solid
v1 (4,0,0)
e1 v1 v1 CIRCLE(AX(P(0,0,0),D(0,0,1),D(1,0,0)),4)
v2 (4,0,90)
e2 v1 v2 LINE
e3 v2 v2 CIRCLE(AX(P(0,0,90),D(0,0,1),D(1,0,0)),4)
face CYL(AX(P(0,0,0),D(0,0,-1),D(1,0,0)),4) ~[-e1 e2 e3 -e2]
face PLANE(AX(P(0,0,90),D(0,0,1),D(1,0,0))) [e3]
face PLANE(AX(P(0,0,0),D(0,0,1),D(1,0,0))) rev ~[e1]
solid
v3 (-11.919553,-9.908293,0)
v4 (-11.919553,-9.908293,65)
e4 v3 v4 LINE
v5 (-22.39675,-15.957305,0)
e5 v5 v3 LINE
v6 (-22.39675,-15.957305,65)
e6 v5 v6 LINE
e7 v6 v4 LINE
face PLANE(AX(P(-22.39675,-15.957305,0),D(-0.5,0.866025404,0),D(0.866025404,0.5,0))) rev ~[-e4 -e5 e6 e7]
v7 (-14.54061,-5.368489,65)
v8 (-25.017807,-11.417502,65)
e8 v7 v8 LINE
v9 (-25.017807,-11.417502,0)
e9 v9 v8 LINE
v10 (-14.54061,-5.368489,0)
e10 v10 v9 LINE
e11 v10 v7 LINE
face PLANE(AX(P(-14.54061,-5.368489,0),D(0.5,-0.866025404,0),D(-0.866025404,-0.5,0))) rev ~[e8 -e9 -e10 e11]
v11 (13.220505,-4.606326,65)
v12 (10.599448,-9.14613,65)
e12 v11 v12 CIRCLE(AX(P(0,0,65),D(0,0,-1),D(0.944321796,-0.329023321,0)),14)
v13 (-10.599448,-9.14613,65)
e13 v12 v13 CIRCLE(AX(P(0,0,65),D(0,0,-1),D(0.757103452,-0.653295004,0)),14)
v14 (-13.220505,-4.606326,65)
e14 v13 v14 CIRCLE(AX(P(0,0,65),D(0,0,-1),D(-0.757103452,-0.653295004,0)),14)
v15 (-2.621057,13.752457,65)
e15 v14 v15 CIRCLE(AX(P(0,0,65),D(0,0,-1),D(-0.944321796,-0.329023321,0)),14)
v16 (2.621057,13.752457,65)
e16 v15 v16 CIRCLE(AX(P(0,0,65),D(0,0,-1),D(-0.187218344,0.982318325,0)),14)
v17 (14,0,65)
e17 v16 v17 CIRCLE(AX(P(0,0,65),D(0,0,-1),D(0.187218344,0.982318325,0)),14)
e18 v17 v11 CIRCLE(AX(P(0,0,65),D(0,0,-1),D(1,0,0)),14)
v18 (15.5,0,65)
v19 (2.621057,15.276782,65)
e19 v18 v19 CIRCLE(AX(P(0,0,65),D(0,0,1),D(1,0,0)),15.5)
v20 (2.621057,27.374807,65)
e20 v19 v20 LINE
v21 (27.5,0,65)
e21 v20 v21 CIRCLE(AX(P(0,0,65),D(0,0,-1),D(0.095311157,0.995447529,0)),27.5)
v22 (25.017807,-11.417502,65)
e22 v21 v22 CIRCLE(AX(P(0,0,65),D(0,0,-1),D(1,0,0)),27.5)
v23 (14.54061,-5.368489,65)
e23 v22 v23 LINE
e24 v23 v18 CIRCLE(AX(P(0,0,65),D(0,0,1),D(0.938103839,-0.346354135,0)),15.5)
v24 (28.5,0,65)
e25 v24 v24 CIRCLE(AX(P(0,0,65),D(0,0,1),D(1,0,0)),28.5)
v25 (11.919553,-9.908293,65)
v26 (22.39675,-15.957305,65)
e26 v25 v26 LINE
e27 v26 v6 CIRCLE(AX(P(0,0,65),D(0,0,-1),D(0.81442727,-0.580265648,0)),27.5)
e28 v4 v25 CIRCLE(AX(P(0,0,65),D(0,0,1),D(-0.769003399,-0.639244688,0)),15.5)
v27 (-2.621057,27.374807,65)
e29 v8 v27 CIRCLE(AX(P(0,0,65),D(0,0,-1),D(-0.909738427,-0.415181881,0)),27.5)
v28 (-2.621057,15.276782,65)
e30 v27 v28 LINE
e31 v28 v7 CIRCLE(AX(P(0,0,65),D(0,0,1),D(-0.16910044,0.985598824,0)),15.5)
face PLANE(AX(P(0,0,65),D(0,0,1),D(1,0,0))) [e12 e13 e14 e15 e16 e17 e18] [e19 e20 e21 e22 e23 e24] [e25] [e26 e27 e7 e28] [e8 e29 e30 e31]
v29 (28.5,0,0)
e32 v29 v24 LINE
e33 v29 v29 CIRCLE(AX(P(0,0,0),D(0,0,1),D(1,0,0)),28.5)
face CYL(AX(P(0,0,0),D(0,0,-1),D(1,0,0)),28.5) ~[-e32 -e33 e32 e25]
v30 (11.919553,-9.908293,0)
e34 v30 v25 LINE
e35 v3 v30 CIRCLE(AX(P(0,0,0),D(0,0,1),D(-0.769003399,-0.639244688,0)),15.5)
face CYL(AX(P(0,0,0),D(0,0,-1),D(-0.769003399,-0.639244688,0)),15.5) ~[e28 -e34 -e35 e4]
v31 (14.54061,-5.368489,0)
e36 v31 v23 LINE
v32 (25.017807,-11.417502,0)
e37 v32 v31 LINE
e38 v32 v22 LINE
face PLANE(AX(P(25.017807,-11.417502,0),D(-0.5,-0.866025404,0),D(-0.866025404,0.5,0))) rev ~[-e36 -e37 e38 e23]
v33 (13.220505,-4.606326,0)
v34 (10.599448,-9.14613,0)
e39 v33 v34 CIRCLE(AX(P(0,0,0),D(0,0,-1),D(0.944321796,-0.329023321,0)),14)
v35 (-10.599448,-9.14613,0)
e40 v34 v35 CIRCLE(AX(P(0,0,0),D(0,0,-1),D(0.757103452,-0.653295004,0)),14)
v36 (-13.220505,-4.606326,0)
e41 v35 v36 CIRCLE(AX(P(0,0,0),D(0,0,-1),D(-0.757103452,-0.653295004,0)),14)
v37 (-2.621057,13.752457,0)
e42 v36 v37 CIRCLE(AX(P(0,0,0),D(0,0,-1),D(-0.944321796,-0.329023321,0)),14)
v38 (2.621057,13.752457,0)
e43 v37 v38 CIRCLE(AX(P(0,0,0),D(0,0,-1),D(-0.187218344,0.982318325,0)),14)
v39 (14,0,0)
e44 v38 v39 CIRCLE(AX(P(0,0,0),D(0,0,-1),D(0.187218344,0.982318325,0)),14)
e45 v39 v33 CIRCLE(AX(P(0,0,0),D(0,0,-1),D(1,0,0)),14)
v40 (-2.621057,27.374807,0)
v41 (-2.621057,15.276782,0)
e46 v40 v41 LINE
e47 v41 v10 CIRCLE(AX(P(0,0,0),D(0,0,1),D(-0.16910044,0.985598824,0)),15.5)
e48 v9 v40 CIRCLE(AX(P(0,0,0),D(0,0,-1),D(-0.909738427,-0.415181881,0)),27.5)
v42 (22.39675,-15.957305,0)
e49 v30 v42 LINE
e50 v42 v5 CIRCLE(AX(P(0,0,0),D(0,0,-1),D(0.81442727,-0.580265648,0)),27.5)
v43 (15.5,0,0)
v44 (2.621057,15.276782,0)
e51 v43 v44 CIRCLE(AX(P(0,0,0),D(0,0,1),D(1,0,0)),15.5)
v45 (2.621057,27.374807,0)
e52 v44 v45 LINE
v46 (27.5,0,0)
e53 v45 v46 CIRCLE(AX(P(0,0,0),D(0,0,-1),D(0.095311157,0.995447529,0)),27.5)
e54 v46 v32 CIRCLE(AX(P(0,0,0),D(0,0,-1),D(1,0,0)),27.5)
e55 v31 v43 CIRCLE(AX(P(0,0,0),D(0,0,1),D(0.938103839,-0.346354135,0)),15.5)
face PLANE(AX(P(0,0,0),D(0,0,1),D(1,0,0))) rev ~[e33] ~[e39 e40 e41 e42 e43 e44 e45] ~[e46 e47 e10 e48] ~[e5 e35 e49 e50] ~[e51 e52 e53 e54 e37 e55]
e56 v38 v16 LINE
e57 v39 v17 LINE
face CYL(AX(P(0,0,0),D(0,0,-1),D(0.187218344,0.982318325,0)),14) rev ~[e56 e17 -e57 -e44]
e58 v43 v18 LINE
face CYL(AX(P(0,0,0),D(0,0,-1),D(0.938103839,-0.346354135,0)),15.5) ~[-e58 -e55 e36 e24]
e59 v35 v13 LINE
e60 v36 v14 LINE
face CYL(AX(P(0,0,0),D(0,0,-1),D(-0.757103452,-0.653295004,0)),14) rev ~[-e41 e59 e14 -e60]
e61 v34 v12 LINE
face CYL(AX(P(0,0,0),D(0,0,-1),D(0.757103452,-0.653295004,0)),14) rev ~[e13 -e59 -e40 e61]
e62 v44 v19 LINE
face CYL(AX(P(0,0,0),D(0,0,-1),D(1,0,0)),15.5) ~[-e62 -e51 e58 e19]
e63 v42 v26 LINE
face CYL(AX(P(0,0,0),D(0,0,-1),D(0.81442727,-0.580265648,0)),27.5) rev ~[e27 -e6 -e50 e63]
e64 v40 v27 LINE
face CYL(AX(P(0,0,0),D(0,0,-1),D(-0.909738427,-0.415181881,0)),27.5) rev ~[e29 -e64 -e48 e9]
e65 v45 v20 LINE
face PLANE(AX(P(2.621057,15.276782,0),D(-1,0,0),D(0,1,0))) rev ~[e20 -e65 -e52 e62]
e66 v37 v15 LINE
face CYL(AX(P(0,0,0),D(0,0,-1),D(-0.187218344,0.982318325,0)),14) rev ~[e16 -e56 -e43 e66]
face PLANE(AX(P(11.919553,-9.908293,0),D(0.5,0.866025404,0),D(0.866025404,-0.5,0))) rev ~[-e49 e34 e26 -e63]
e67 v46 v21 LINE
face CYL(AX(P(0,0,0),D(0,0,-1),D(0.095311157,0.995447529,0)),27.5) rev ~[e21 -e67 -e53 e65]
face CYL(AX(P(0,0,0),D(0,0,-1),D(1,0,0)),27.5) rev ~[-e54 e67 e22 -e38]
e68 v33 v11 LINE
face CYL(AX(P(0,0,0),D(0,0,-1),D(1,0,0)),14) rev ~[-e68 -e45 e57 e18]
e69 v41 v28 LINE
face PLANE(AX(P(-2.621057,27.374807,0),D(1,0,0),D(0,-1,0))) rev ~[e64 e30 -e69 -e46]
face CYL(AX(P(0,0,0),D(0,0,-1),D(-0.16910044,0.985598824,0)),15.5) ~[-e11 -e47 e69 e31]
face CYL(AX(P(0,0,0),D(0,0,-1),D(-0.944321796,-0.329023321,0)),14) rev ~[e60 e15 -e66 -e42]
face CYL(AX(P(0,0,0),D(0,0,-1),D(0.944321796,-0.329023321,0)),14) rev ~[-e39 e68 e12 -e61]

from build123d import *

# Parameters (mm, degrees)
F0_R     = 28.5
F1_DEPTH = 65
F0_R_2   = 4
F2_DEPTH = 90


with BuildPart() as f1:
    # F0 (on Top) → F1 (new body)
    with BuildSketch(Plane.XY):
        Circle(F0_R)
        with BuildLine():
            ThreePointArc((2.6210568156, 27.3748070526), (20.3510326818, 18.4955526759), (27.5, 0))
            ThreePointArc((27.5, 0), (26.8722876336, -5.8421021334), (25.0178067391, -11.4175017392))
            ThreePointArc((25.0178067391, -11.4175017392), (23.8156986041, -13.75), (22.3967499235, -15.9573053134))
            ThreePointArc((22.3967499235, -15.9573053134), (0, -27.5), (-22.3967499235, -15.9573053134))
            ThreePointArc((-22.3967499235, -15.9573053134), (-23.8156986041, -13.75), (-25.0178067391, -11.4175017392))
            ThreePointArc((-25.0178067391, -11.4175017392), (-23.8156986041, 13.75), (-2.6210568156, 27.3748070526))
            ThreePointArc((-2.6210568156, 27.3748070526), (0, 27.5), (2.6210568156, 27.3748070526))
        make_face(mode=Mode.SUBTRACT)
        with BuildLine():
            Line((2.6210568156, 15.2767817674), (2.6210568156, 27.3748070526))
            ThreePointArc((2.6210568156, 27.3748070526), (0, 27.5), (-2.6210568156, 27.3748070526))
            Line((-2.6210568156, 27.3748070526), (-2.6210568156, 15.2767817674))
            ThreePointArc((-2.6210568156, 15.2767817674), (0, 15.5), (2.6210568156, 15.2767817674))
        make_face()
        with BuildLine():
            Line((-14.5406095065, -5.3684890966), (-25.0178067391, -11.4175017392))
            ThreePointArc((-25.0178067391, -11.4175017392), (-23.8156986041, -13.75), (-22.3967499235, -15.9573053134))
            Line((-22.3967499235, -15.9573053134), (-11.9195526908, -9.9082926708))
            ThreePointArc((-11.9195526908, -9.9082926708), (-13.4233937587, -7.75), (-14.5406095065, -5.3684890966))
        make_face()
        with BuildLine():
            ThreePointArc((22.3967499235, -15.9573053134), (23.8156986041, -13.75), (25.0178067391, -11.4175017392))
            Line((25.0178067391, -11.4175017392), (14.5406095065, -5.3684890966))
            ThreePointArc((14.5406095065, -5.3684890966), (13.4233937587, -7.75), (11.9195526908, -9.9082926708))
            Line((11.9195526908, -9.9082926708), (22.3967499235, -15.9573053134))
        make_face()
        with BuildLine():
            Line((-2.6210568156, 13.7524565504), (-2.6210568156, 15.2767817674))
            ThreePointArc((-2.6210568156, 15.2767817674), (-13.4233937587, 7.75), (-14.5406095065, -5.3684890966))
            Line((-14.5406095065, -5.3684890966), (-13.2205051449, -4.6063264881))
            ThreePointArc((-13.2205051449, -4.6063264881), (-12.124355653, 7), (-2.6210568156, 13.7524565504))
        make_face()
        with BuildLine():
            ThreePointArc((15.5, 0), (11.8506620204, 9.9905860528), (2.6210568156, 15.2767817674))
            Line((2.6210568156, 15.2767817674), (2.6210568156, 13.7524565504))
            ThreePointArc((2.6210568156, 13.7524565504), (10.7864450914, 8.9248306589), (14, 0))
            ThreePointArc((14, 0), (13.8037507951, -2.3359075294), (13.2205051449, -4.6063264881))
            Line((13.2205051449, -4.6063264881), (14.5406095065, -5.3684890966))
            ThreePointArc((14.5406095065, -5.3684890966), (15.2582673877, -2.7267703103), (15.5, 0))
        make_face()
        with BuildLine():
            ThreePointArc((-11.9195526908, -9.9082926708), (0, -15.5), (11.9195526908, -9.9082926708))
            Line((11.9195526908, -9.9082926708), (10.5994483292, -9.1461300623))
            ThreePointArc((10.5994483292, -9.1461300623), (0, -14), (-10.5994483292, -9.1461300623))
            Line((-10.5994483292, -9.1461300623), (-11.9195526908, -9.9082926708))
        make_face()
        with BuildLine():
            Line((2.6210568156, 13.7524565504), (2.6210568156, 15.2767817674))
            ThreePointArc((2.6210568156, 15.2767817674), (0, 15.5), (-2.6210568156, 15.2767817674))
            Line((-2.6210568156, 15.2767817674), (-2.6210568156, 13.7524565504))
            ThreePointArc((-2.6210568156, 13.7524565504), (0, 14), (2.6210568156, 13.7524565504))
        make_face()
        with BuildLine():
            Line((-13.2205051449, -4.6063264881), (-14.5406095065, -5.3684890966))
            ThreePointArc((-14.5406095065, -5.3684890966), (-13.4233937587, -7.75), (-11.9195526908, -9.9082926708))
            Line((-11.9195526908, -9.9082926708), (-10.5994483292, -9.1461300623))
            ThreePointArc((-10.5994483292, -9.1461300623), (-12.124355653, -7), (-13.2205051449, -4.6063264881))
        make_face()
        with BuildLine():
            ThreePointArc((11.9195526908, -9.9082926708), (13.4233937587, -7.75), (14.5406095065, -5.3684890966))
            Line((14.5406095065, -5.3684890966), (13.2205051449, -4.6063264881))
            ThreePointArc((13.2205051449, -4.6063264881), (12.124355653, -7), (10.5994483292, -9.1461300623))
            Line((10.5994483292, -9.1461300623), (11.9195526908, -9.9082926708))
        make_face()
    extrude(amount=F1_DEPTH)


with BuildPart() as f2:
    # F0 (on Top) → F2 (new body)
    with BuildSketch(Plane.XY):
        Circle(F0_R_2)
    extrude(amount=F2_DEPTH)


solid = Compound([f1.part, f2.part])
